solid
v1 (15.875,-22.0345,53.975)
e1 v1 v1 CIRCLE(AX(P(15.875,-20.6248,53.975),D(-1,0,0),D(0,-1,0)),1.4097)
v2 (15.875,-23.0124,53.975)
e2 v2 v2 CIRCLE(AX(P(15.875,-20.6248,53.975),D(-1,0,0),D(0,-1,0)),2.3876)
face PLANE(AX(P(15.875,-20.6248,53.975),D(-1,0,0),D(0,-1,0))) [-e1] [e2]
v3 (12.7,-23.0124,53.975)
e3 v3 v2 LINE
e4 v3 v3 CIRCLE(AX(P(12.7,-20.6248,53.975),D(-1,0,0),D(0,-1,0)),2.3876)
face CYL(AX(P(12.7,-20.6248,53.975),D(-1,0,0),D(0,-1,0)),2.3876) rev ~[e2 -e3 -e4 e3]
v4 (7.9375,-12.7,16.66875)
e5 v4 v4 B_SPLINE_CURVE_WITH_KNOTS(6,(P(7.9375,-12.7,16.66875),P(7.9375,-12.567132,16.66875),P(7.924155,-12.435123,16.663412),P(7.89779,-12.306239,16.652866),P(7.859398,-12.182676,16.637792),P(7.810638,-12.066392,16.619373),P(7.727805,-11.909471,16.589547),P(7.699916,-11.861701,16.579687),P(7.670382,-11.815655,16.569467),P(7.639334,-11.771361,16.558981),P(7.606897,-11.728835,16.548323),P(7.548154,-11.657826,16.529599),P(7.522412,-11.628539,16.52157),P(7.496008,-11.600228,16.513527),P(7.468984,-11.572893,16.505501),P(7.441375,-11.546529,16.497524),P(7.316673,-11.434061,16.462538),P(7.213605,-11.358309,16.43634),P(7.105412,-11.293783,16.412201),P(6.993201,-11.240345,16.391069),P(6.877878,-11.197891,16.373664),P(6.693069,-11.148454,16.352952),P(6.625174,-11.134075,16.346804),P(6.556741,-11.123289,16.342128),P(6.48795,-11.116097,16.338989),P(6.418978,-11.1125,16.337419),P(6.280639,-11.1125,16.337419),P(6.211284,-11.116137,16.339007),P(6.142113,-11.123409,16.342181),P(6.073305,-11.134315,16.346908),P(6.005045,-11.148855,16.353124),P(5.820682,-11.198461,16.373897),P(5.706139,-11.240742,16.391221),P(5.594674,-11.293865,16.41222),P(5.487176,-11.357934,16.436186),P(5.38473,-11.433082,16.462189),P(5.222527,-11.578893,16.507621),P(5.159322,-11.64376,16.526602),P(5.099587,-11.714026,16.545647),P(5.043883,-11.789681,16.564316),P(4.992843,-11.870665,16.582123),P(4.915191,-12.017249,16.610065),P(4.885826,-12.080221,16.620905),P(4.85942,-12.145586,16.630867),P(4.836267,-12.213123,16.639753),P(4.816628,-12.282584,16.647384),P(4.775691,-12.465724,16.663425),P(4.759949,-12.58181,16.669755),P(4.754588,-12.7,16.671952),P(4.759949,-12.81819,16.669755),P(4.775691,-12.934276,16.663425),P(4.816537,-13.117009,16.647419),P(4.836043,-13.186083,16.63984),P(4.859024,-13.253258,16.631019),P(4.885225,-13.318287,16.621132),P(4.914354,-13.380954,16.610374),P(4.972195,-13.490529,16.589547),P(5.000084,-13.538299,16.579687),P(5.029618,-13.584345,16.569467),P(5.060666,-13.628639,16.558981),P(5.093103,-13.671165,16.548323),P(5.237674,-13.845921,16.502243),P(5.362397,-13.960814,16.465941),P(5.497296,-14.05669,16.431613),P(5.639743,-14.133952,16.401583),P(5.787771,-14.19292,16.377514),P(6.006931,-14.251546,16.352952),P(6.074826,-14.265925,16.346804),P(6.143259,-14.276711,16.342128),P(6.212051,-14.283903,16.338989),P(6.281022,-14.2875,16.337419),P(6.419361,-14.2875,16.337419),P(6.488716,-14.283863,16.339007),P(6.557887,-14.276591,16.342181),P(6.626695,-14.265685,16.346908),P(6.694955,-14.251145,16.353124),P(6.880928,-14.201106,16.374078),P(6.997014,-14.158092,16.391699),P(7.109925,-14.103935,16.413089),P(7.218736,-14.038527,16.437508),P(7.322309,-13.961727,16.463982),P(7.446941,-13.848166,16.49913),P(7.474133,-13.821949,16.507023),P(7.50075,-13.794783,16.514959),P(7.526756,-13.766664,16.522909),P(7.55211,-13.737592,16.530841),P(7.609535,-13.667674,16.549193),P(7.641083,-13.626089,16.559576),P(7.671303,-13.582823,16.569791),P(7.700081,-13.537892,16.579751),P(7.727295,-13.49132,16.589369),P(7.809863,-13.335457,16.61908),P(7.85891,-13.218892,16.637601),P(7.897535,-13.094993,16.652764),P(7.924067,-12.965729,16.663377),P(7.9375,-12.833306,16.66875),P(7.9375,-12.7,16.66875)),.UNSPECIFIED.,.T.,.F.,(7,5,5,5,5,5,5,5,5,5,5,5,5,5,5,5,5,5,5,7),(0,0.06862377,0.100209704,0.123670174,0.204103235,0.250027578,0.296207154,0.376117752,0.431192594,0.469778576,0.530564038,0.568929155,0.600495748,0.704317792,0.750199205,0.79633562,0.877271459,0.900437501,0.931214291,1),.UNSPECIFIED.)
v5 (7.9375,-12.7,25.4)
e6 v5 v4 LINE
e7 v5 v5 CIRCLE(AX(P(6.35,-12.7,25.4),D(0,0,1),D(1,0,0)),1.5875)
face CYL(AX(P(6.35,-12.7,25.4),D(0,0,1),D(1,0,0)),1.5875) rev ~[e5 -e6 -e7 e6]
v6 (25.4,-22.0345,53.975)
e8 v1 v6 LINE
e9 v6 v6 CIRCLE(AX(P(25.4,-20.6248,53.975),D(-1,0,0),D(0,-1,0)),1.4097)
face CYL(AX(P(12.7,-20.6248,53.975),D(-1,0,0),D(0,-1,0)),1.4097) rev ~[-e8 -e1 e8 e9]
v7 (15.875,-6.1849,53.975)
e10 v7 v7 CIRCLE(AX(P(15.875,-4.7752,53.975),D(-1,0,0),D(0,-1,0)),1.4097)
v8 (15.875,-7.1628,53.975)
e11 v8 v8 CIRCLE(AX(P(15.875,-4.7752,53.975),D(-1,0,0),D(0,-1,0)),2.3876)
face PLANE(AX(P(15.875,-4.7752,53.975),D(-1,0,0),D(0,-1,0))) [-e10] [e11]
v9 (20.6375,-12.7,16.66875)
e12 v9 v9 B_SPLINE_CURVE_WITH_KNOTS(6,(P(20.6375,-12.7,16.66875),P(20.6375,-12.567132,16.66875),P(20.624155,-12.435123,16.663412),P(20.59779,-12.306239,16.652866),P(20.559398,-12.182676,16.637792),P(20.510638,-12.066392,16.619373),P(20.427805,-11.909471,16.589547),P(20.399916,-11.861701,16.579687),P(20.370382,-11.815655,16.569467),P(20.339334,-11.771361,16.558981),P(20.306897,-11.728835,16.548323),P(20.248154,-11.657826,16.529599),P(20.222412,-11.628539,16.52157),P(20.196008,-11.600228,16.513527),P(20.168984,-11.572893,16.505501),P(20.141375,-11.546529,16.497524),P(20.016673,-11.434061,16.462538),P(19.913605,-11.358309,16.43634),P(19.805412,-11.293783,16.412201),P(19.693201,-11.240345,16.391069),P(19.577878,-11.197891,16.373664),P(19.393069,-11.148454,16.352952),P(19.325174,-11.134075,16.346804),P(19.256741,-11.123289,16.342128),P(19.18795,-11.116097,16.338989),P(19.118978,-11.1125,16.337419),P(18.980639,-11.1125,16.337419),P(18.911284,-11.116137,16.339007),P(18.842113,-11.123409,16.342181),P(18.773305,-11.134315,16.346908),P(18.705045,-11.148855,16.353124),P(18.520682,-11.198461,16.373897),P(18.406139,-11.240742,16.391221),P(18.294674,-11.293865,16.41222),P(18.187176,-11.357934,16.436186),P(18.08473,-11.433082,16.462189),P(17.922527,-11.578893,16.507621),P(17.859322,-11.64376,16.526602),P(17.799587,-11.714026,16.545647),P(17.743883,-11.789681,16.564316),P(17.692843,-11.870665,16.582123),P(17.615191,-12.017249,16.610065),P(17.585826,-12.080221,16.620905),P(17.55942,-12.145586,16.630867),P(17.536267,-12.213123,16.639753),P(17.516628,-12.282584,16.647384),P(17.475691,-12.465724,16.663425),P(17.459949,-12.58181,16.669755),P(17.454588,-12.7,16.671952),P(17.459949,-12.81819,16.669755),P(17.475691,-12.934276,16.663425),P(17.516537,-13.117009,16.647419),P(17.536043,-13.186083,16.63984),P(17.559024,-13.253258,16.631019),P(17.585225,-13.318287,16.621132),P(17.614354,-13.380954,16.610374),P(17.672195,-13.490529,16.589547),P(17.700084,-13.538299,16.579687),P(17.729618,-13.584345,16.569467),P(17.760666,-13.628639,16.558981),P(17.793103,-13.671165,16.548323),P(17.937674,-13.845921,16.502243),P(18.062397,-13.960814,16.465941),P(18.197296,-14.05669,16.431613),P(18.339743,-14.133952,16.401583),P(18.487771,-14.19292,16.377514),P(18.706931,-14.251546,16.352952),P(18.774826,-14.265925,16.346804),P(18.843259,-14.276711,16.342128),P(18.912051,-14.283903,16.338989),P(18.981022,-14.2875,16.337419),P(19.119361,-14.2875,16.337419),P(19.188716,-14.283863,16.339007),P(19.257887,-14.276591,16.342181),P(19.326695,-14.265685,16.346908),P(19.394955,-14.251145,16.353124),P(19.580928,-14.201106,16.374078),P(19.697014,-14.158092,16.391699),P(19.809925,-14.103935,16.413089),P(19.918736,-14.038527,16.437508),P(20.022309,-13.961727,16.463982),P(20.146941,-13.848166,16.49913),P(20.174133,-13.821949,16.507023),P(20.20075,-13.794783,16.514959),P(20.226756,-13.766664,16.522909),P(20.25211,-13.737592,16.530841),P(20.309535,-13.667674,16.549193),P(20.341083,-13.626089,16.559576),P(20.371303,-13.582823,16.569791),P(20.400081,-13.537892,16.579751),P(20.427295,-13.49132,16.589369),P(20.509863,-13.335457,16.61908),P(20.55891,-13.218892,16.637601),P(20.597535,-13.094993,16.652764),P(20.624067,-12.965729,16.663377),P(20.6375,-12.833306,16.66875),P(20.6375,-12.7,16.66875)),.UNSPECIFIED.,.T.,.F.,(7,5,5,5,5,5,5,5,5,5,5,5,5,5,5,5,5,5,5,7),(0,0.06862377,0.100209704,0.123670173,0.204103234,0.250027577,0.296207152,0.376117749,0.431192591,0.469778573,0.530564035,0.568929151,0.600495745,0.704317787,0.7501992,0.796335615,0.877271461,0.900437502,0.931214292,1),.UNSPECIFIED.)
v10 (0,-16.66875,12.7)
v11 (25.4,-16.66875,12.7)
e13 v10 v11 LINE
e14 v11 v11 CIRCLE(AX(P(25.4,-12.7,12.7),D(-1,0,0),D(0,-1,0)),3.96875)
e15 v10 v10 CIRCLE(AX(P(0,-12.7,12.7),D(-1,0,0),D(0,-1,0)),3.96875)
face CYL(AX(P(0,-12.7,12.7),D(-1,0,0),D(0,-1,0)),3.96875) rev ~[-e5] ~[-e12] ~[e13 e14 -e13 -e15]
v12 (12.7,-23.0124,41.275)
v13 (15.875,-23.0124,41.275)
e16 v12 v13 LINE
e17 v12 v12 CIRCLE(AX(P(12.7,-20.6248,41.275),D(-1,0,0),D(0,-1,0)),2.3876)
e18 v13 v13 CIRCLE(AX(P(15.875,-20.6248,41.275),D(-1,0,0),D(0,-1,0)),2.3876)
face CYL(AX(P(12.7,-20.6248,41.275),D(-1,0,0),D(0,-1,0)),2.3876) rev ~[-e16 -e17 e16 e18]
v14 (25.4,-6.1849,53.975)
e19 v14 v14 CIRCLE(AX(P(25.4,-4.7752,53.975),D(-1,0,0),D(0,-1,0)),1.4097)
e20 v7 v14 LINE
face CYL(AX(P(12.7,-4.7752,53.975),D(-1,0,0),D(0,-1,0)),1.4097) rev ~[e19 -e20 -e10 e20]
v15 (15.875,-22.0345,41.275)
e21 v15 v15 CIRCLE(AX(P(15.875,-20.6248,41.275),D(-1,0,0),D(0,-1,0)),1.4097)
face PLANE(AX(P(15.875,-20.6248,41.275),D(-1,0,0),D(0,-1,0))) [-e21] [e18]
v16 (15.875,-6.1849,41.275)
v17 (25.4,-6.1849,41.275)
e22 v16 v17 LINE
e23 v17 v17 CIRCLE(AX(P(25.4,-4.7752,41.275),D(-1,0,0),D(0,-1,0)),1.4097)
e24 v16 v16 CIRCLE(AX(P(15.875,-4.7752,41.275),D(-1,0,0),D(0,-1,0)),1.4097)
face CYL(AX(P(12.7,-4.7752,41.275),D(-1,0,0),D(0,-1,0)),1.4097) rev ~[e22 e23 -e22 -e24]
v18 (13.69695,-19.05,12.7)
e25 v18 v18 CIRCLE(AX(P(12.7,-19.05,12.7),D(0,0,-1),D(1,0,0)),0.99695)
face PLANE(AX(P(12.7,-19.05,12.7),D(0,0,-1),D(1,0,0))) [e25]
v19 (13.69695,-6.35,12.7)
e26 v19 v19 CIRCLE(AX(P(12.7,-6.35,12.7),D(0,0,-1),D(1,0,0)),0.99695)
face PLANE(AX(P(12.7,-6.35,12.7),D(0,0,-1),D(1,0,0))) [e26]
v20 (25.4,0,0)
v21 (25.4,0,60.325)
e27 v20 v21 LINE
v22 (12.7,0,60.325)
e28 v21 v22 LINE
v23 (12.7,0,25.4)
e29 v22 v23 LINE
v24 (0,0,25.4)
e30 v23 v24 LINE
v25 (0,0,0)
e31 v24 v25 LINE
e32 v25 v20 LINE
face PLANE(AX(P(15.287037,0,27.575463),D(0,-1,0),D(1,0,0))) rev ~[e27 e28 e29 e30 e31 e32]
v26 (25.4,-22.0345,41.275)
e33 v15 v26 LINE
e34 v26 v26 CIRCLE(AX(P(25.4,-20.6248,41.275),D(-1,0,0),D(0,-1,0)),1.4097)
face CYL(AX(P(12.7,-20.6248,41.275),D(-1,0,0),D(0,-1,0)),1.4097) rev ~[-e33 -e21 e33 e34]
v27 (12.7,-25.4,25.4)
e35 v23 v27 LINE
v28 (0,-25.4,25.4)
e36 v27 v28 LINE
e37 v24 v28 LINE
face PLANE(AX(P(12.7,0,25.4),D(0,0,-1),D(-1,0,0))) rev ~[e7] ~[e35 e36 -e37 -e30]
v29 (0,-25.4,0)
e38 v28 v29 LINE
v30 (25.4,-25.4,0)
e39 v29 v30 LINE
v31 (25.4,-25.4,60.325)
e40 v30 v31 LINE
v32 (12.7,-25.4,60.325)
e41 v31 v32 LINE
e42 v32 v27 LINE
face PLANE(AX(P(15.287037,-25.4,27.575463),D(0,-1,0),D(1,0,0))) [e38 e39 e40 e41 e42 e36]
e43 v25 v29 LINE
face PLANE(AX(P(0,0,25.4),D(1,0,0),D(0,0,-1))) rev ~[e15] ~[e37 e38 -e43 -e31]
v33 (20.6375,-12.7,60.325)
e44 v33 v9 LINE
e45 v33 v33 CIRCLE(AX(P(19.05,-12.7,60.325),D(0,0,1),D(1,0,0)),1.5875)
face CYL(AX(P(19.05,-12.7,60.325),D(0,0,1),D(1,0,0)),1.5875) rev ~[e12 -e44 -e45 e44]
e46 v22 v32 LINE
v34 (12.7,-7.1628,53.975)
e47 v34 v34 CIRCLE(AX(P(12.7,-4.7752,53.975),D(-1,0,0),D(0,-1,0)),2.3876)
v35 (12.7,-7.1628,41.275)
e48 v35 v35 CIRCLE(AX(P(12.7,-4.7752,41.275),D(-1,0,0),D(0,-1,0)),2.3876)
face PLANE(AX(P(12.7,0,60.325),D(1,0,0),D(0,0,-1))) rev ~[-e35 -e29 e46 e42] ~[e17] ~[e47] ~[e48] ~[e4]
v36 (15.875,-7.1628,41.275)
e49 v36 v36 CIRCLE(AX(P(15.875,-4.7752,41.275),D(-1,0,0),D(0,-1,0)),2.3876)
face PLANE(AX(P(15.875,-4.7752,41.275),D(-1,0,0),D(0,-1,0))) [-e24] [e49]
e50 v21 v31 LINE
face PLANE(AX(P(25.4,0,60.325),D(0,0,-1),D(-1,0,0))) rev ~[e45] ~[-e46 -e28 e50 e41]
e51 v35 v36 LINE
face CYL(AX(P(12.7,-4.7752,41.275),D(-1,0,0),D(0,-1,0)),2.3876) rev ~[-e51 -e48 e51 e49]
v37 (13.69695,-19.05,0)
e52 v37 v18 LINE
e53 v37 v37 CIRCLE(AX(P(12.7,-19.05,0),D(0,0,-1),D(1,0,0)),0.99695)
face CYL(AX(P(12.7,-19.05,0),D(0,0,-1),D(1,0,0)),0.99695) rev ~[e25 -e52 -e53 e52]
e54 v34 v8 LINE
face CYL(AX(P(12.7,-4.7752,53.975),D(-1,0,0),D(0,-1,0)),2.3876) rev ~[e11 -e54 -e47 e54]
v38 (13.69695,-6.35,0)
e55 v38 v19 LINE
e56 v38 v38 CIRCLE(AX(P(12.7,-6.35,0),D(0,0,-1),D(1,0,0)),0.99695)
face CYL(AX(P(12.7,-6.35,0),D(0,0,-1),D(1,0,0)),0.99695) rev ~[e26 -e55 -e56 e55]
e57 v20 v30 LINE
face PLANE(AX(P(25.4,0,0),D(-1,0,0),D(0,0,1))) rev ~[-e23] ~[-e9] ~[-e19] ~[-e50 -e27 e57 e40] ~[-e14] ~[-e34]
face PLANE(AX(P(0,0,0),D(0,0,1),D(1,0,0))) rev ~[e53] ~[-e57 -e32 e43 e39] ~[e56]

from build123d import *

# Parameters (mm, degrees)
F1_DEPTH  = 25.4
F2_R      = 1.5875
F3_DEPTH  = 49.022
F4_R      = 3.96875
F5_DEPTH  = 25.4
F6_R      = 1.4097
F7_DEPTH  = 25.4
F9_R      = 2.3876
F10_DEPTH = 3.175
F11_R     = 0.99695
F12_DEPTH = 12.7
F13_R     = 1.5875
F14_DEPTH = 13.716


with BuildPart() as f1:
    # F0 (on Front) → F1 (new body)
    with BuildSketch(Plane.XZ):
        Polygon((0, 25.4), (0, 0), (25.4, 0), (25.4, 60.325), (12.7, 60.325), (12.7, 25.4), align=None)
    extrude(amount=F1_DEPTH)

    # F2 (on face) → F3 (cut)
    with BuildSketch(Plane.XY.offset(60.325)):
        with Locations((19.05, -12.7)):
            Circle(F2_R)
    extrude(amount=-F3_DEPTH, mode=Mode.SUBTRACT)

    # F4 (on face) → F5 (cut)
    with BuildSketch(Plane(origin=(0, 0, 0), x_dir=(0, -1, 0), z_dir=(-1, 0, 0))):
        with Locations((12.7, 12.7)):
            Circle(F4_R)
    extrude(amount=-F5_DEPTH, mode=Mode.SUBTRACT)

    # F6 (on face) → F7 (cut)
    with BuildSketch(Plane(origin=(12.7, 0, 0), x_dir=(0, -1, 0), z_dir=(-1, 0, 0))):
        with Locations((4.7752, 53.975)):
            Circle(F6_R)
        with Locations((4.7752, 41.275)):
            Circle(F6_R)
        with Locations((20.6248, 53.975)):
            Circle(F6_R)
        with Locations((20.6248, 41.275)):
            Circle(F6_R)
    extrude(amount=-F7_DEPTH, mode=Mode.SUBTRACT)

    # F9 (on face) → F10 (cut)
    with BuildSketch(Plane(origin=(12.7, 0, 0), x_dir=(0, -1, 0), z_dir=(-1, 0, 0))):
        with Locations((4.7752, 53.975)):
            Circle(F9_R)
        with Locations((4.7752, 41.275)):
            Circle(F9_R)
        with Locations((20.6248, 41.275)):
            Circle(F9_R)
        with Locations((20.6248, 53.975)):
            Circle(F9_R)
    extrude(amount=-F10_DEPTH, mode=Mode.SUBTRACT)

    # F11 (on face) → F12 (cut)
    with BuildSketch(Plane(origin=(0, 0, 0), x_dir=(1, 0, 0), z_dir=(0, 0, -1))):
        with Locations((12.7, 19.05)):
            Circle(F11_R)
        with Locations((12.7, 6.35)):
            Circle(F11_R)
    extrude(amount=-F12_DEPTH, mode=Mode.SUBTRACT)

    # F13 (on face) → F14 (cut)
    with BuildSketch(Plane.XY.offset(25.4)):
        with Locations((6.35, -12.7)):
            Circle(F13_R)
    extrude(amount=-F14_DEPTH, mode=Mode.SUBTRACT)


solid = f1.part
